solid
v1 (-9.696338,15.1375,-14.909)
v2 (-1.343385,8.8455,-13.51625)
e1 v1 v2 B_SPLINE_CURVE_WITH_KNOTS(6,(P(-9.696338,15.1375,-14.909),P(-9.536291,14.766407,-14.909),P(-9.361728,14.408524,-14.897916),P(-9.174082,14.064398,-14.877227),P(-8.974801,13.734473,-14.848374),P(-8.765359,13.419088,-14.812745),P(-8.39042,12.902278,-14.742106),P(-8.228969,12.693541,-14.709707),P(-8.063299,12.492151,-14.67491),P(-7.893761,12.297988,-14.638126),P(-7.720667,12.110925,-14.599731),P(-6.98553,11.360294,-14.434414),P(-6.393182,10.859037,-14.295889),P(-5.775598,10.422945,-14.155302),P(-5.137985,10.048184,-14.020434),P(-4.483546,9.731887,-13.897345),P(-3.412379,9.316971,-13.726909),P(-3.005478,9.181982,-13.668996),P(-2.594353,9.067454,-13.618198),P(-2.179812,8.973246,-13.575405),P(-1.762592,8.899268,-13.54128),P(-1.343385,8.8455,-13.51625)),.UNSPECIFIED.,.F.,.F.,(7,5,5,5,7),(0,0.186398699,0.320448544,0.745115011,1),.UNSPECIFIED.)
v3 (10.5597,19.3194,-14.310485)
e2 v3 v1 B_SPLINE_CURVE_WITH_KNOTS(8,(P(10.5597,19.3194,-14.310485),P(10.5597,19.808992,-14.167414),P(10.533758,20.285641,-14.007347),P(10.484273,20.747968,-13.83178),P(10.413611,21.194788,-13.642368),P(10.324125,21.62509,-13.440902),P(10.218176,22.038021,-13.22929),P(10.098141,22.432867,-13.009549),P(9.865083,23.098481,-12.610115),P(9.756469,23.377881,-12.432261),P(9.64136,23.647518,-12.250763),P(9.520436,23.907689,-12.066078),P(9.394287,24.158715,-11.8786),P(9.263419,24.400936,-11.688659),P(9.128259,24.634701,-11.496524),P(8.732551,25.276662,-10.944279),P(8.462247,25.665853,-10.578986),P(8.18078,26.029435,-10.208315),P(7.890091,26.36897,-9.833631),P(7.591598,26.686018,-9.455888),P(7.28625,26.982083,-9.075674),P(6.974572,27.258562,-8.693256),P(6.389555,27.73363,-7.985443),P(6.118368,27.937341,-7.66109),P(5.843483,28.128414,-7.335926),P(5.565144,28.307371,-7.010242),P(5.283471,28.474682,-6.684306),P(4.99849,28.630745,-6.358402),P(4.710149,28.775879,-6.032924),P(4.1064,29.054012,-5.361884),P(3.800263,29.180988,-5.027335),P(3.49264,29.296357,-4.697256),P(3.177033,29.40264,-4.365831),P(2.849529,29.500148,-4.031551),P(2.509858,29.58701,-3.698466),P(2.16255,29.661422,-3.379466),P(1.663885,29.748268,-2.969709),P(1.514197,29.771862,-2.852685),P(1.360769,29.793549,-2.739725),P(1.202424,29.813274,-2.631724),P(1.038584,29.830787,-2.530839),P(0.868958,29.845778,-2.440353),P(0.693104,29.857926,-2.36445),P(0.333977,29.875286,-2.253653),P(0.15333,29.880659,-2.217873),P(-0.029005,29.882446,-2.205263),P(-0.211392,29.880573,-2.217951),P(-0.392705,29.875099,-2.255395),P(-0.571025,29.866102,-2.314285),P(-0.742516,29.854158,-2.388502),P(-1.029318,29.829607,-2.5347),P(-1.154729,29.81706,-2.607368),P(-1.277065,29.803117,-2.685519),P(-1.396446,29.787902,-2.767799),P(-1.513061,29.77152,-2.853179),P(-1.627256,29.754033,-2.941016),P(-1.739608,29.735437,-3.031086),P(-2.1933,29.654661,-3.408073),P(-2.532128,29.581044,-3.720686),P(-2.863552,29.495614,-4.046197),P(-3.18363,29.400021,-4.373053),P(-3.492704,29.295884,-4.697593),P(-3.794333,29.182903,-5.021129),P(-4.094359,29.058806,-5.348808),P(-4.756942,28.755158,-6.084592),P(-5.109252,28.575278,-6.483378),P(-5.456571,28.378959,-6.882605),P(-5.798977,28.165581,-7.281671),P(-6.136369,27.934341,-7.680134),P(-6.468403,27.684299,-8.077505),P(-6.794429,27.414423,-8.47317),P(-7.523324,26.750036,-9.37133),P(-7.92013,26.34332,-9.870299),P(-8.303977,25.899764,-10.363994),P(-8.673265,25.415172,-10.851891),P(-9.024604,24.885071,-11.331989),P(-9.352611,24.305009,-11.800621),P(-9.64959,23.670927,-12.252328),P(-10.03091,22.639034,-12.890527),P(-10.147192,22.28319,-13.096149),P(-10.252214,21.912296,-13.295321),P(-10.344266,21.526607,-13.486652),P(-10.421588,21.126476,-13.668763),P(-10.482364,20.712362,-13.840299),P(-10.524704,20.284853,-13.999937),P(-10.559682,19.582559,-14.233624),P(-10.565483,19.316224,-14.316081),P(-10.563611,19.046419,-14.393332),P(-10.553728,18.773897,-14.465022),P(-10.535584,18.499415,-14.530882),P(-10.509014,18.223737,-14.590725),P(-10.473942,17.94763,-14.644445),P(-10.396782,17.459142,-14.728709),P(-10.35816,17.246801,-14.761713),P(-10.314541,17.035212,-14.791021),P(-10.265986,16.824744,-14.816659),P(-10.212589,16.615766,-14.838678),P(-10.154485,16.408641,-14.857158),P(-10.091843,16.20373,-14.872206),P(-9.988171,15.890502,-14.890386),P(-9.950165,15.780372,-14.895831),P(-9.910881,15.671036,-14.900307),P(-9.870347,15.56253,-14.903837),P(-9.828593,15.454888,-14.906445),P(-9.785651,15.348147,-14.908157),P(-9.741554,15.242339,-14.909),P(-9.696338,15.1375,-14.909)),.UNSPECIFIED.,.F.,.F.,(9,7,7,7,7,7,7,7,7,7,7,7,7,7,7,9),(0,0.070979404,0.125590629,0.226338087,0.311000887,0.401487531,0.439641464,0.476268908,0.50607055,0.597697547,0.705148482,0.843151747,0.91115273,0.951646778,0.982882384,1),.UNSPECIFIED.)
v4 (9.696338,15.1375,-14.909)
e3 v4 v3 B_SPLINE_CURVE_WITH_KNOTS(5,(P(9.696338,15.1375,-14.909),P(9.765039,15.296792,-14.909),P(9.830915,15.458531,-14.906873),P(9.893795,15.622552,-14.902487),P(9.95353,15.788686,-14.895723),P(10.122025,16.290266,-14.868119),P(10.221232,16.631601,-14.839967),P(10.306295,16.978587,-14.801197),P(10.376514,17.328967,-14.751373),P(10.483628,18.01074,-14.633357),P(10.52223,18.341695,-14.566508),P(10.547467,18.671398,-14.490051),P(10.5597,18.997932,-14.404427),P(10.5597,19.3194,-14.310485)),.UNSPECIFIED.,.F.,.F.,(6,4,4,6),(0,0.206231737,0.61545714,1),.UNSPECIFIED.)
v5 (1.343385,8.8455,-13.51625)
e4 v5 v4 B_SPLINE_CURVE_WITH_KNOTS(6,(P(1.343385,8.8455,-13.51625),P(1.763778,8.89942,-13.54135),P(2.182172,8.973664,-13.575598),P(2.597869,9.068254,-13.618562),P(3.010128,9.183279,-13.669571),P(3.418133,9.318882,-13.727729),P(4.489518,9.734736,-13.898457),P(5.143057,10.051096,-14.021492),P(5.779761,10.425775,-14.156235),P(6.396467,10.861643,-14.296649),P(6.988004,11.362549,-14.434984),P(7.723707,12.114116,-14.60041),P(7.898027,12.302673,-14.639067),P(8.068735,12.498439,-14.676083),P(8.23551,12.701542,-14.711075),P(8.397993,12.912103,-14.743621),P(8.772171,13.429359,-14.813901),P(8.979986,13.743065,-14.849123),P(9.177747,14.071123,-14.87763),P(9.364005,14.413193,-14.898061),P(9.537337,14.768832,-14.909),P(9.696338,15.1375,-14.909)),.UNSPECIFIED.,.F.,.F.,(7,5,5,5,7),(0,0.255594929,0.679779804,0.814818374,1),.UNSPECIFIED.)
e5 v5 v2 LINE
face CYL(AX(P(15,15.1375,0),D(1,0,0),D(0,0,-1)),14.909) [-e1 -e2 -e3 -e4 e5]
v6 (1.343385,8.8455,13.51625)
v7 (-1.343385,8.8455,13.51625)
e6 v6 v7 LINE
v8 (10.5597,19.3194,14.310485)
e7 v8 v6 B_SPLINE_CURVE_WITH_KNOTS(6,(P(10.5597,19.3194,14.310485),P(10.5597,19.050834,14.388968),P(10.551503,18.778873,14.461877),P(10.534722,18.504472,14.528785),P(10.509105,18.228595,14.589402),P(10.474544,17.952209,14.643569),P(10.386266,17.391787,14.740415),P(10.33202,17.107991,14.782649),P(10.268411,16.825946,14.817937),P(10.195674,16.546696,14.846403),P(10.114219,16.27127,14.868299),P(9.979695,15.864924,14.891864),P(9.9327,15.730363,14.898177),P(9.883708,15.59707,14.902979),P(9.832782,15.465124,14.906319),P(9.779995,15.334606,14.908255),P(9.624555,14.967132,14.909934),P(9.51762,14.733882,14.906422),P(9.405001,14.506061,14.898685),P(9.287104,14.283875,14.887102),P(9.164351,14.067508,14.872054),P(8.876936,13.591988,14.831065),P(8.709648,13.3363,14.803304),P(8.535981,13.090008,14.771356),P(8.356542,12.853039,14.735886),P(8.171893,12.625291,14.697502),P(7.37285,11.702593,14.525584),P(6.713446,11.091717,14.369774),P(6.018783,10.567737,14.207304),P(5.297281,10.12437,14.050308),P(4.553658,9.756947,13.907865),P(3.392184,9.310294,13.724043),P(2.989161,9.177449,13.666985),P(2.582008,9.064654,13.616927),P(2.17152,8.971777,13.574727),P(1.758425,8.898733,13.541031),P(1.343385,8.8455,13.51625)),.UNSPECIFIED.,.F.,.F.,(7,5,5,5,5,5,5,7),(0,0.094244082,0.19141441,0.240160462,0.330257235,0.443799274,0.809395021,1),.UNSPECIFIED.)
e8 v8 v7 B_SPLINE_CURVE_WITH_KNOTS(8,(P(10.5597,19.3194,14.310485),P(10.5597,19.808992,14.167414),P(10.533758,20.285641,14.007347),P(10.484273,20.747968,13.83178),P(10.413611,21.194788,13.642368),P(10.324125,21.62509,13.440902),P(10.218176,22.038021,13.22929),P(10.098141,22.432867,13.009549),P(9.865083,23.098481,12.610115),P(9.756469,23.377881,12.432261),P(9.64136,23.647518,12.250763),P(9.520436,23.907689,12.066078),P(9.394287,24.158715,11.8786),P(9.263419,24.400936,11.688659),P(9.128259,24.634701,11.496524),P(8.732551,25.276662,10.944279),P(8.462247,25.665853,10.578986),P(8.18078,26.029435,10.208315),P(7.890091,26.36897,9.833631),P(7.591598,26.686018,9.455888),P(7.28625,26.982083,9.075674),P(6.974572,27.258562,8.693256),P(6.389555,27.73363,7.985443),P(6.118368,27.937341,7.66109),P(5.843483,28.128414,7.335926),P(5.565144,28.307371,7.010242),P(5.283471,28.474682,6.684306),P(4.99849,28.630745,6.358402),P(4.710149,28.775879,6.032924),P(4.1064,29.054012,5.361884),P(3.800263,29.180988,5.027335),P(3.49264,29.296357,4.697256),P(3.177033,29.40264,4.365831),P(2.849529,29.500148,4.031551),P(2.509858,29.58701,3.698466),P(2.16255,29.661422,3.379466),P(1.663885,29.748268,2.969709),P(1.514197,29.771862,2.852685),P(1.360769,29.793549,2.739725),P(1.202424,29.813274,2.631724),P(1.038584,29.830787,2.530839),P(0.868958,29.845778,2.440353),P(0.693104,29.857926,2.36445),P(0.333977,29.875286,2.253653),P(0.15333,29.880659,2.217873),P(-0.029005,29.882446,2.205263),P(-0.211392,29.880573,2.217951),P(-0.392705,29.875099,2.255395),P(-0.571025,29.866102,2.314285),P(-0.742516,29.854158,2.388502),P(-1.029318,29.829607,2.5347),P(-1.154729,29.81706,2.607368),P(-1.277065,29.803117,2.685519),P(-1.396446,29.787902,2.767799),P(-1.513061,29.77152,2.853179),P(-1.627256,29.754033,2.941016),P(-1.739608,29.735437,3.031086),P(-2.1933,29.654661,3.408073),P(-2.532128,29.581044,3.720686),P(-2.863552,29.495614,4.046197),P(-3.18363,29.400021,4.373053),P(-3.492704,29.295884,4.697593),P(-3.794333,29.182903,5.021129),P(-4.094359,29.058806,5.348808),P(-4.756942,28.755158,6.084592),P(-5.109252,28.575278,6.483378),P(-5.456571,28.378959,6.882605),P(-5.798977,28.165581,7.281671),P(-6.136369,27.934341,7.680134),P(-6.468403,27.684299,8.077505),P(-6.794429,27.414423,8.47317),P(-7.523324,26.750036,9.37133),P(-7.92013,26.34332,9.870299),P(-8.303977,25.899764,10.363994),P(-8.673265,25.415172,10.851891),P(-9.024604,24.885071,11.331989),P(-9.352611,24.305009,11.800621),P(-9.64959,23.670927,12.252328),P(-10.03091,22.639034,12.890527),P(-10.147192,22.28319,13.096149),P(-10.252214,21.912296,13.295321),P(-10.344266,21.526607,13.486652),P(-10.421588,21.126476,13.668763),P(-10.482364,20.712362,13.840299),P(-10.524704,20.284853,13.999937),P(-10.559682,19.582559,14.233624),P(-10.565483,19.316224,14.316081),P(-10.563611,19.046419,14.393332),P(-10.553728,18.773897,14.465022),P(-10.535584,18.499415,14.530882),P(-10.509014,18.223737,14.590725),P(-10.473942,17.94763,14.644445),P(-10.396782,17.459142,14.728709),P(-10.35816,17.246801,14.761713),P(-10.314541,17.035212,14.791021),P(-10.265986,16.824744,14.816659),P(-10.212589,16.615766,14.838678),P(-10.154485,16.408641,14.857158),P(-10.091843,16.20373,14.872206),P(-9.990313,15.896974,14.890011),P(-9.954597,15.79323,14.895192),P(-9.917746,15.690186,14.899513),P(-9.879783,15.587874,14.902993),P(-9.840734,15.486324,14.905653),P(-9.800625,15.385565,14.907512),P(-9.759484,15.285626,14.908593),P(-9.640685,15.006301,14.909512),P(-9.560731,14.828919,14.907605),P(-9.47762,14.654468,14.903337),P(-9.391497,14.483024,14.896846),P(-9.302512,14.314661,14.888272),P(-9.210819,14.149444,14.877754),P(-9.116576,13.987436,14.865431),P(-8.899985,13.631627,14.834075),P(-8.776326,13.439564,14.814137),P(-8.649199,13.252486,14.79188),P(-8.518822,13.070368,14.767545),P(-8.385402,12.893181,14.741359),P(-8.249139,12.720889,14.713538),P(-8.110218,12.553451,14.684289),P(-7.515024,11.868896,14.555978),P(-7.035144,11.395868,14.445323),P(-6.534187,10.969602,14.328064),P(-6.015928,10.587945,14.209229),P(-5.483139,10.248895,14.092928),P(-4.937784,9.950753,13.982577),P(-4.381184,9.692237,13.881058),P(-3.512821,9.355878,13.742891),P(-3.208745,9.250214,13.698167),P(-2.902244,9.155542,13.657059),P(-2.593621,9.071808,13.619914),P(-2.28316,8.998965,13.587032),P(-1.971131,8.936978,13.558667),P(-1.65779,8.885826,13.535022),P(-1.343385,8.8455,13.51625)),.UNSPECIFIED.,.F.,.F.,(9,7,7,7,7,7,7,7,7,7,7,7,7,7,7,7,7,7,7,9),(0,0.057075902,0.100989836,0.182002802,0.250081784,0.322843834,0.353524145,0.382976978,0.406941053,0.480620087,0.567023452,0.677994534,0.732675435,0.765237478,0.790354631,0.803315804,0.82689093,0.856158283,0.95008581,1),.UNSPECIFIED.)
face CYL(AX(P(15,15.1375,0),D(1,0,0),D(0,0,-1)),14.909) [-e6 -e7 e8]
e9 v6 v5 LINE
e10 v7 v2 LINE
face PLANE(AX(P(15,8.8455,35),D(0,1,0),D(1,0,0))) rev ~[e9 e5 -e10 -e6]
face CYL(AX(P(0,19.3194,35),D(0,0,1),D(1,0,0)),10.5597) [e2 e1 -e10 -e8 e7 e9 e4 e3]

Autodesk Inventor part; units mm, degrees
ref_plane "YZ Plane" through (0, 0, 0) normal (1, 0, 0) x (0, 1, 0)
ref_plane "XZ Plane" through (0, 0, 0) normal (0, 1, 0) x (-1, 0, 0)
ref_plane "XY Plane" through (0, 0, 0) normal (0, 0, 1) x (1, 0, 0)
sketch "Sketch1" plane through (0, 0, 0) normal (0, 1, 0) x (-1, 0, 0)
  line L0 (15, -35) -> (-15, -35)
  line L1 (-15, -35) -> (-15, 35)
  line L2 (-15, 35) -> (15, 35)
  line L3 (15, 35) -> (15, -35)
  line L4 (15, -35) -> (-15, 35) construction
  line L5 (-15, -35) -> (15, 35) construction
  point P0 (0, 0)
  dimension "d0" = 30
  dimension "d1" = 70
extrude "Extrusion1" add sketch "Sketch1" along normal blind 30
sketch "Sketch2" plane through (15, 0, 35) normal (1, 0, 0) x (0, 0, -1)
  circle A0 centre (35, 15.1375) radius 14.909
  line L0 (0, 0) -> (0, 30) projected
  line L1 (0, 8.8455) -> (70, 8.8455)
  line L2 (0, 30) -> (70, 30) projected
  line L3 (0, 0) -> (70, 0) projected
  line L4 (70, 0) -> (70, 30) projected
  point P0 (35, 0)
  point P1 (36.1767, 30)
  point P2 (21.4837, 8.8455)
  point P3 (33.8233, 30)
  point P4 (48.5163, 8.8455)
extrude "Extrusion2" cut sketch "Sketch2" against normal blind 30 contours A0 L2 L4 L1 | A0 L1 L0 L2
sketch "Sketch3" plane through (-15, 0, 35) normal (0, 0, 1) x (1, 0, 0)
  circle A0 centre (15, 19.3194) radius 10.5597
  line L0 (0, 30) -> (0, 8.8455) projected
  line L1 (0, 30) -> (30, 30) projected
  line L2 (30, 8.8455) -> (30, 30) projected
  line L3 (30, 8.8455) -> (0, 8.8455) projected
  point P0 (15, 0)
  point P1 (13.6563, 8.8455)
  point P2 (16.3437, 8.8455)
extrude "Extrusion3" cut sketch "Sketch3" against normal blind 77 contours A0 L3 L0 L1 L2
sketch "Sketch5" plane through (15, 8.8455, 35) normal (0, 1, 0) x (1, 0, 0)
  line L0 (-30, 0) -> (0, 0) projected
  line L1 (-30, 70) -> (-30, 0) projected
  line L2 (0, 0) -> (-30, 0)
  line L3 (-30, 0) -> (-30, 70)
  line L4 (-30, 70) -> (0, 70)
  line L5 (0, 70) -> (0, 0)
  point P0 (-15, 35)
extrude "Extrusion5" cut sketch "Sketch5" against normal up to surface (8.8455 mm away)
sketch "Sketch6" plane through (15, 8.8455, 35) normal (0, -1, 0) x (1, 0, 0)
  line L0 (-13.6563, -48.5163) -> (-16.3437, -48.5163) projected
  line L1 (-15, -48.5163) -> (-15, -21.5593) construction
  line L2 (-13.6563, -21.4837) -> (-13.6563, -48.5163) projected
  line L3 (-13.6563, -35) -> (-16.3437, -35) construction
  point P0 (-15, -35)
  point P1 (-15, -35)
properties part number "ball transfer unit" material "Stainless Steel"
